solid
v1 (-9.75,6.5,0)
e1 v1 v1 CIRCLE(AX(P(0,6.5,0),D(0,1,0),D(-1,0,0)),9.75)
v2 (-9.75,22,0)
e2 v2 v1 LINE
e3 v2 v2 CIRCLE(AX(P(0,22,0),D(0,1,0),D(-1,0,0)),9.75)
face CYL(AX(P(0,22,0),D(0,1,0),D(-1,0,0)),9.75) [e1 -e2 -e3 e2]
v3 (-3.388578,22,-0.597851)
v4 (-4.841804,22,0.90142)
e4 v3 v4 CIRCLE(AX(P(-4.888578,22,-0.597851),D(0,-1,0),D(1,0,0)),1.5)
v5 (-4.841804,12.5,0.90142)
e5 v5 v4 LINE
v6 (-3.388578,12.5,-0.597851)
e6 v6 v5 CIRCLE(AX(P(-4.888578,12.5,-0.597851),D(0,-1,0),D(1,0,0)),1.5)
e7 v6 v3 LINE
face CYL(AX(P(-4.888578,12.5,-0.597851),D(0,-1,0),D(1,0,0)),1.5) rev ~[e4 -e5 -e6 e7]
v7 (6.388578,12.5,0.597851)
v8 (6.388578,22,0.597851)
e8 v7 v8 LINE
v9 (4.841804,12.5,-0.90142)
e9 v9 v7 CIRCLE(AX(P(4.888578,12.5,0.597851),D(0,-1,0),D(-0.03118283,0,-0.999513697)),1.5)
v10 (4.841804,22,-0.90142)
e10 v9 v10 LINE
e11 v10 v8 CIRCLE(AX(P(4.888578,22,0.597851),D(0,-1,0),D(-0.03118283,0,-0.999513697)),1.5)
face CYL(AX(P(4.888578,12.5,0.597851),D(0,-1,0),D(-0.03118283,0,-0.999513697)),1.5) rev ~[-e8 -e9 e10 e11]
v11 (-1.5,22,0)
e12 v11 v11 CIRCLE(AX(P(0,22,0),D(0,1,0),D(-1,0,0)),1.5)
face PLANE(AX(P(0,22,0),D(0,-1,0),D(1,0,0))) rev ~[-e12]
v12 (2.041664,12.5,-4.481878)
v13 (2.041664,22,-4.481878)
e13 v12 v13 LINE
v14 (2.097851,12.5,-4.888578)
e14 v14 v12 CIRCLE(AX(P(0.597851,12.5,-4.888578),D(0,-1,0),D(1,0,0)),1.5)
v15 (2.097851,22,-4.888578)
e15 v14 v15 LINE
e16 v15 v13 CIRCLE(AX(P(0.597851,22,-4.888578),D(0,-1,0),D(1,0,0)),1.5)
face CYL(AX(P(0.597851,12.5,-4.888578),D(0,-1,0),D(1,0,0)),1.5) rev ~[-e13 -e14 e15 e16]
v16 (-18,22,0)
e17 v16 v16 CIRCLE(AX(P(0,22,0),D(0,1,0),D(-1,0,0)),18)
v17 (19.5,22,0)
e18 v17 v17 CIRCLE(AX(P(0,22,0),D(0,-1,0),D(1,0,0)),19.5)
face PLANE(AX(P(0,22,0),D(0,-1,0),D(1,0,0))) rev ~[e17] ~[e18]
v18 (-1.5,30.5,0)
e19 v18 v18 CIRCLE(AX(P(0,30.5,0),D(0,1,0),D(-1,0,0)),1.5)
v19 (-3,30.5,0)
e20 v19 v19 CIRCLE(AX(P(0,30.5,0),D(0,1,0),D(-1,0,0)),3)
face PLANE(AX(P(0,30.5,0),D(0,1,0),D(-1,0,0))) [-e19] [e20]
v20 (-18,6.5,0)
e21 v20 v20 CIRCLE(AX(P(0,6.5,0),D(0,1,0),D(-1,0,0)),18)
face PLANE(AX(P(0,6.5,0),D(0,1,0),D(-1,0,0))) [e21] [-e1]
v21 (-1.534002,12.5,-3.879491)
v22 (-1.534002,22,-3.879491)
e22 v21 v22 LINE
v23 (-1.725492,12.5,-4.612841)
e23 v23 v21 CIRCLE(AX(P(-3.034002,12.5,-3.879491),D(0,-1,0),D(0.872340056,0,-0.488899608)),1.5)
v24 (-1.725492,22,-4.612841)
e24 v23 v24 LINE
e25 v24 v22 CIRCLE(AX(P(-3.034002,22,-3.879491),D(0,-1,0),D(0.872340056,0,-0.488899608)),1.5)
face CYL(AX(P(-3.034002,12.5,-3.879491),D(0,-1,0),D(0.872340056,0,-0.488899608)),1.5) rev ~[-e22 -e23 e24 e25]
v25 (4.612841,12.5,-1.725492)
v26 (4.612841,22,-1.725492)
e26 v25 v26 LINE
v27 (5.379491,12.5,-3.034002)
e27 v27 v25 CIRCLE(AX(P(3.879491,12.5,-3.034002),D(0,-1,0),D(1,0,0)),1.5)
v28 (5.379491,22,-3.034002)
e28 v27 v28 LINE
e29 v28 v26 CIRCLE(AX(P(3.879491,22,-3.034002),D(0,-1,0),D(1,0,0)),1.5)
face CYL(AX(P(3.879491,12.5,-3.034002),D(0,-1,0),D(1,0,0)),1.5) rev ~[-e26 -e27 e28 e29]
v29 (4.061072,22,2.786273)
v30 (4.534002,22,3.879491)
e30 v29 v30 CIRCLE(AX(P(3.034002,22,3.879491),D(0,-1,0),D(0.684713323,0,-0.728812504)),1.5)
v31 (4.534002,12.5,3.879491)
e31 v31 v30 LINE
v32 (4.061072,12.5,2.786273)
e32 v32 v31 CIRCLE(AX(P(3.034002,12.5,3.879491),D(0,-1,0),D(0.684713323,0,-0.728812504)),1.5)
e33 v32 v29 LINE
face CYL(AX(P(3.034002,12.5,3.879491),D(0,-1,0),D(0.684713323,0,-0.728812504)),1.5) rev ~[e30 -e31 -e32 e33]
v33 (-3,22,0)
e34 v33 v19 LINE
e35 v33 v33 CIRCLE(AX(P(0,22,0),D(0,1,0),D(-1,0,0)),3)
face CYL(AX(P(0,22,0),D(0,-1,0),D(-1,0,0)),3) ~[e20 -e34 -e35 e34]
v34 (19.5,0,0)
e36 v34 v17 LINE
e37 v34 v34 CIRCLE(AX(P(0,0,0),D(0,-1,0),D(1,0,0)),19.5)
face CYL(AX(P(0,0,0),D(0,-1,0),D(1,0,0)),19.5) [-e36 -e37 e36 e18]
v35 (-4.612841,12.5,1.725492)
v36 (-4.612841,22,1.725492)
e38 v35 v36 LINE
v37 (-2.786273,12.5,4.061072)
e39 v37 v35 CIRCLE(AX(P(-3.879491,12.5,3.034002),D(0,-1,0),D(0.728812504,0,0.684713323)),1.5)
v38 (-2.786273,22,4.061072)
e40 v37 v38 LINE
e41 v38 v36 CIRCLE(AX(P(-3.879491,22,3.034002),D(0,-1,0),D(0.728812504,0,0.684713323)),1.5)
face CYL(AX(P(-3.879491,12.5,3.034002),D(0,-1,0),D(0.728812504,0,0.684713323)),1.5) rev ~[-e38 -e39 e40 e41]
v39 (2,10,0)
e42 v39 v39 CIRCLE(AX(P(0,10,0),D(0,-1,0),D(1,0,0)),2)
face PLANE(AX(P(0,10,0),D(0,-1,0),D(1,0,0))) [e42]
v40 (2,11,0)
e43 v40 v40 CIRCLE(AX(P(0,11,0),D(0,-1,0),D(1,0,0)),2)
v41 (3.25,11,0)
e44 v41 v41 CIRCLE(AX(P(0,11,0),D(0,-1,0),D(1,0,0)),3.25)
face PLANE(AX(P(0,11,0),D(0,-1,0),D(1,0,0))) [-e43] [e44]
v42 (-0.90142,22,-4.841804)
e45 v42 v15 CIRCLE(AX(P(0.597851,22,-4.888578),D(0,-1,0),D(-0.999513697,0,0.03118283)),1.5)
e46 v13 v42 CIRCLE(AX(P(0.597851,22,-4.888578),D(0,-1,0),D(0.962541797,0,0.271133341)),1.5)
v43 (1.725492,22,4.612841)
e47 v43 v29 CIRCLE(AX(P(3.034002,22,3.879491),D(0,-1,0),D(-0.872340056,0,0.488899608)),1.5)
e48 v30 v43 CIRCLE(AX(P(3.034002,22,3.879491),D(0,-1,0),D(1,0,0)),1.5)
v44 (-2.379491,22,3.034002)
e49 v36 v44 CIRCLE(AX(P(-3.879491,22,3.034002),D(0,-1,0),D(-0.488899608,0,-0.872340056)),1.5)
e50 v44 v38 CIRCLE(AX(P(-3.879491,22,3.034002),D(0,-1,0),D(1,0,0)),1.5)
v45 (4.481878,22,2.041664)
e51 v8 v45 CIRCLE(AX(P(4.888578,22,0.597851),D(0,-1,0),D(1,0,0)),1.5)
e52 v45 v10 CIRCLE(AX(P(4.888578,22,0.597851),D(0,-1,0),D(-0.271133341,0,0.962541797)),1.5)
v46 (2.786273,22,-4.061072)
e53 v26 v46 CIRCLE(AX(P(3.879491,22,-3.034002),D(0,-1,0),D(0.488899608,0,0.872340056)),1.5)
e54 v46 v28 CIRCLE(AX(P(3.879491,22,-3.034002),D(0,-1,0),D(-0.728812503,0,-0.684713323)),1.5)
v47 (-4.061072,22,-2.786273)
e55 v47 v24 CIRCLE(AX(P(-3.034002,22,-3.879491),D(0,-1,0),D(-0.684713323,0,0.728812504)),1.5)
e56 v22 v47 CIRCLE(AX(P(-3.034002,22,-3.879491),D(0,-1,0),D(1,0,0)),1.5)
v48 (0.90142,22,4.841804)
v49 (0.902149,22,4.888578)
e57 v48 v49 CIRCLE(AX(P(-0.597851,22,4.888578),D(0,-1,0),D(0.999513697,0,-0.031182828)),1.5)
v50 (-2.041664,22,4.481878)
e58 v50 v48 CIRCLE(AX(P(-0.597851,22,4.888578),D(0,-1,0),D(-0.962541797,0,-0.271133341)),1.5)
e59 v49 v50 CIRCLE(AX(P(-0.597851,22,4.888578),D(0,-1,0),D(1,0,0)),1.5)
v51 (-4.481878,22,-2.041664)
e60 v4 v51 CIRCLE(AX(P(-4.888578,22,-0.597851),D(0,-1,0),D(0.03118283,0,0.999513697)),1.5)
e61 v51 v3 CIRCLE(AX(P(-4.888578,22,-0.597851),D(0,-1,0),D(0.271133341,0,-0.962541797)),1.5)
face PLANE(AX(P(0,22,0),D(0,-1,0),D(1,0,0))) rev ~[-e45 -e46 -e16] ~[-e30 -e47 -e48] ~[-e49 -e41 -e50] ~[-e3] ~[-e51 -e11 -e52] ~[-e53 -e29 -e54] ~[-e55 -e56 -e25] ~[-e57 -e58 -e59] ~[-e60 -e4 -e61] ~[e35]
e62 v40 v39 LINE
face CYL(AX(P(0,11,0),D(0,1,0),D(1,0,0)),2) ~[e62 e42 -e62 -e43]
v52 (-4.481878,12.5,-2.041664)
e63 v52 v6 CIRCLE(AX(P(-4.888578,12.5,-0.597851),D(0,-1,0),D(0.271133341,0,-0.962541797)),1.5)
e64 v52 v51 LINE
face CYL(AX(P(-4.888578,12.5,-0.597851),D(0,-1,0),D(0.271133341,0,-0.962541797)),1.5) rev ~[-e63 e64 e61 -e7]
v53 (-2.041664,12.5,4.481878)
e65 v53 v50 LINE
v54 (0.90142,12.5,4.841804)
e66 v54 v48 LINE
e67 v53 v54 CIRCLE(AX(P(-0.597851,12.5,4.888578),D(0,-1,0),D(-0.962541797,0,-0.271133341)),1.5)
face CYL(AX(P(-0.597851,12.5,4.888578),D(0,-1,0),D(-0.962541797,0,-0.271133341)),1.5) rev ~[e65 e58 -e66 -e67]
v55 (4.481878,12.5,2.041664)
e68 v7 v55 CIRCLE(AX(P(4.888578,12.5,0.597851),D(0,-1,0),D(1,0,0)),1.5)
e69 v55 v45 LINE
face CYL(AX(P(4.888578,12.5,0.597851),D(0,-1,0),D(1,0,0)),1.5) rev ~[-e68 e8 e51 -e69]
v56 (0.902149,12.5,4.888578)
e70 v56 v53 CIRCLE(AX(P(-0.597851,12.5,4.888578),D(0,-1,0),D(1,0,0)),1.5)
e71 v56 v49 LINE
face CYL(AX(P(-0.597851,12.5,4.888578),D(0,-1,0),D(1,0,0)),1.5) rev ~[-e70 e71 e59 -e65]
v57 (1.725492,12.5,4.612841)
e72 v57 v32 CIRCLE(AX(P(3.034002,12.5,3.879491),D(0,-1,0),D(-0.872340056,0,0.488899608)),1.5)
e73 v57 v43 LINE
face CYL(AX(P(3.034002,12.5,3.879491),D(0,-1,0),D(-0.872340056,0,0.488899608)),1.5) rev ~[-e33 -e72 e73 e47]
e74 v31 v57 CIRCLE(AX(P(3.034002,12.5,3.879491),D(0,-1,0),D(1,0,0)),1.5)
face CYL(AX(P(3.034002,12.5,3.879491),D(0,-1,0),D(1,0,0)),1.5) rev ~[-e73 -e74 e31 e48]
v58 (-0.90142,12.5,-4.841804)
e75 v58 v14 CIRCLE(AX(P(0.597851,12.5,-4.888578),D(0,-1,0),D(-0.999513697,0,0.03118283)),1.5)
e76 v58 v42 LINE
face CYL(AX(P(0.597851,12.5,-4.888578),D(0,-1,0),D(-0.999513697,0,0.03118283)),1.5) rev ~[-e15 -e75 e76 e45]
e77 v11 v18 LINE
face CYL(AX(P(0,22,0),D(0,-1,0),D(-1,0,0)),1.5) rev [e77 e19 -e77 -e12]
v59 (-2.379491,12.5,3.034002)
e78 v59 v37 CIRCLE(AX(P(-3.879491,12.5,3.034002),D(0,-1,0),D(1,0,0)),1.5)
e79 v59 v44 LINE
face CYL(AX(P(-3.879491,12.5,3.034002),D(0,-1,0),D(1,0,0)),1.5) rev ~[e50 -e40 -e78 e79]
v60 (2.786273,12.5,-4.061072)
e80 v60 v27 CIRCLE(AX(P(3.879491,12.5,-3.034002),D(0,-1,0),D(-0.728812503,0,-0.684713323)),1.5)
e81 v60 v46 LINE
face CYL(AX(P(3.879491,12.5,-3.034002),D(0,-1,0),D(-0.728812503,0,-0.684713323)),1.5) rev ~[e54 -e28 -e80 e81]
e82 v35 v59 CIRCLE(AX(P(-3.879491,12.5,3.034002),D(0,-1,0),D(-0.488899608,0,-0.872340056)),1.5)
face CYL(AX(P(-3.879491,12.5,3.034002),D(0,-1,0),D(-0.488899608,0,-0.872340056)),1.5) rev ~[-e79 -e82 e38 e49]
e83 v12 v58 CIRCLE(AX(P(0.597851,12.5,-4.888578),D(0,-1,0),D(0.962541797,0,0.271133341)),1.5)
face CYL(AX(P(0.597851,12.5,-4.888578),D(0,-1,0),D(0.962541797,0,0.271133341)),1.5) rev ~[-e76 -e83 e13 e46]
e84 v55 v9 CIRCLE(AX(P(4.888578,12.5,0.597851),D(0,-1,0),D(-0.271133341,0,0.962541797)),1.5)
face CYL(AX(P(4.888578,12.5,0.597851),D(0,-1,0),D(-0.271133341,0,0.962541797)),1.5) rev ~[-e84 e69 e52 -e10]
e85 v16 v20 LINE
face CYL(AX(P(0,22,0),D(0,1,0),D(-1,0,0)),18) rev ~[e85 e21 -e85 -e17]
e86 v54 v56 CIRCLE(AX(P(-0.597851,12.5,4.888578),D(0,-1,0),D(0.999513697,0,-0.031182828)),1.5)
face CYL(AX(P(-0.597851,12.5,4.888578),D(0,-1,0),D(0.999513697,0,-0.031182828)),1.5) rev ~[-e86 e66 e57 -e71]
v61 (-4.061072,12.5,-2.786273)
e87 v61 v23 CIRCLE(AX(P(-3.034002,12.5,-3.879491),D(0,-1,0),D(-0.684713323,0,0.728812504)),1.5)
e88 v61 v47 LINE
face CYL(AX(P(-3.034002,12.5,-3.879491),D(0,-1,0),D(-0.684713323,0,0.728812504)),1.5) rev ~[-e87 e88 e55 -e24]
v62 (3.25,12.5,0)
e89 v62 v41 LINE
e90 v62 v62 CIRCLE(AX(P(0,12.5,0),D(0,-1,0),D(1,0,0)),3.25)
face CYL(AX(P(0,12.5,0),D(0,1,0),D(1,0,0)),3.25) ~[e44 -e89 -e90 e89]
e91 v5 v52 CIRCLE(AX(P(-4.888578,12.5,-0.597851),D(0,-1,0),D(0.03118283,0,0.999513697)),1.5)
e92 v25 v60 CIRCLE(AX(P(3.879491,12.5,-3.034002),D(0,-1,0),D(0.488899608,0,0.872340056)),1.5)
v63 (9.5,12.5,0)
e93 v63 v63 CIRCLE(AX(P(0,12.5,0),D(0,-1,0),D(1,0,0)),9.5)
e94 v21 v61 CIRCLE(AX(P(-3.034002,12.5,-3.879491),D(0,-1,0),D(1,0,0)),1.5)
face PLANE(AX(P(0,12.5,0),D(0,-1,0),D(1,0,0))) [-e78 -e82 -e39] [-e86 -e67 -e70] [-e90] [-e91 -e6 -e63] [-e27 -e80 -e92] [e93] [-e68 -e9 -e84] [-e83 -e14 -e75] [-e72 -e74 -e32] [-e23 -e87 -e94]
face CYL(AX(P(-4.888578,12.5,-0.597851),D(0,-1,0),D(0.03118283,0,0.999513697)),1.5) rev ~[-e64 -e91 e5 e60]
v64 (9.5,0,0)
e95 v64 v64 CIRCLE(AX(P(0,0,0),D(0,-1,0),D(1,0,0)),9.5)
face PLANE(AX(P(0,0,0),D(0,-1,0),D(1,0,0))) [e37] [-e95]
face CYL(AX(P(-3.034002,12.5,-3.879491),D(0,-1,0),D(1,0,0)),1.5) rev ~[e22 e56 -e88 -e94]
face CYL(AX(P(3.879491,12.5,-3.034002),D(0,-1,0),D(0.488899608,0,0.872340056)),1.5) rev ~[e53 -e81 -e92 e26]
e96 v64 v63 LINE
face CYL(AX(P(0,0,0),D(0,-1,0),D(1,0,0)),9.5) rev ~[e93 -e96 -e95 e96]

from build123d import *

# Parameters (mm, degrees)
F0_R      = 19.5
F0_R_2    = 9.5
F1_DEPTH  = 22
F2_DEPTH  = 12.5
F4_DEPTH  = 25.4
F5_R      = 3
F5_R_2    = 1.5
F6_DEPTH  = 8.5
F7_R      = 18
F7_R_2    = 9.75
F8_DEPTH  = 15.5
F9_R      = 3.25
F10_DEPTH = 1.5
F11_R     = 2
F12_DEPTH = 1


with BuildPart() as f1:
    # F0 (on Front) → F1 (new body)
    with BuildSketch(Plane.XZ):
        Circle(F0_R)
        Circle(F0_R_2, mode=Mode.SUBTRACT)
        Circle(F0_R_2)
    extrude(amount=-F1_DEPTH)

    # F0 (on Front) → F2 (cut)
    with BuildSketch(Plane.XZ):
        Circle(F0_R_2)
    extrude(amount=-F2_DEPTH, mode=Mode.SUBTRACT)

    # F3 (on face) → F4 (cut)
    with BuildSketch(Plane.XZ.offset(-12.5)):
        with BuildLine():
            ThreePointArc((1.725492364, 4.6128408927), (2.1099407886, 2.6979204712), (4.0610724324, 2.7862727252))
            ThreePointArc((4.0610724324, 2.7862727252), (3.0340024478, 3.8794914804), (1.725492364, 4.6128408927))
        make_face()
        with BuildLine():
            ThreePointArc((1.725492364, 4.6128408927), (3.0340024478, 3.8794914804), (4.0610724324, 2.7862727252))
            ThreePointArc((4.0610724324, 2.7862727252), (4.410702302, 3.2839266128), (4.5340024478, 3.8794914804))
            ThreePointArc((4.5340024478, 3.8794914804), (3.412971361, 5.3308296777), (1.725492364, 4.6128408927))
        make_face()
        with BuildLine():
            ThreePointArc((-2.0416637243, 4.4818784273), (-0.4157644207, 3.3996712998), (0.9014195176, 4.841804194))
            ThreePointArc((0.9014195176, 4.841804194), (-0.5978510284, 4.8885784383), (-2.0416637243, 4.4818784273))
        make_face()
        with BuildLine():
            ThreePointArc((-2.0416637243, 4.4818784273), (-0.5978510284, 4.8885784383), (0.9014195176, 4.841804194))
            ThreePointArc((0.9014195176, 4.841804194), (0.901966597, 4.8651884724), (0.9021489716, 4.8885784383))
            ThreePointArc((0.9021489716, 4.8885784383), (-0.8031324889, 6.374465218), (-2.0416637243, 4.4818784273))
        make_face()
        with BuildLine():
            ThreePointArc((-2.3794914804, 3.0340024478), (-2.4848897213, 3.5863482938), (-2.7862727252, 4.0610724324))
            ThreePointArc((-2.7862727252, 4.0610724324), (-3.8794914804, 3.0340024478), (-4.6128408927, 1.725492364))
            ThreePointArc((-4.6128408927, 1.725492364), (-3.1212118877, 1.7397798784), (-2.3794914804, 3.0340024478))
        make_face()
        with BuildLine():
            ThreePointArc((-4.6128408927, 1.725492364), (-3.8794914804, 3.0340024478), (-2.7862727252, 4.0610724324))
            ThreePointArc((-2.7862727252, 4.0610724324), (-5.0610624897, 3.9580641071), (-4.6128408927, 1.725492364))
        make_face()
        with BuildLine():
            ThreePointArc((-3.3885784383, -0.5978510284), (-3.8115080213, 0.4461409815), (-4.841804194, 0.9014195176))
            ThreePointArc((-4.841804194, 0.9014195176), (-4.8885784383, -0.5978510284), (-4.4818784273, -2.0416637243))
            ThreePointArc((-4.4818784273, -2.0416637243), (-3.6927419076, -1.5033757335), (-3.3885784383, -0.5978510284))
        make_face()
        with BuildLine():
            ThreePointArc((-4.4818784273, -2.0416637243), (-4.8885784383, -0.5978510284), (-4.841804194, 0.9014195176))
            ThreePointArc((-4.841804194, 0.9014195176), (-6.3774855769, -0.779937636), (-4.4818784273, -2.0416637243))
        make_face()
        with BuildLine():
            ThreePointArc((-4.0610724324, -2.7862727252), (-3.0340024478, -3.8794914804), (-1.725492364, -4.6128408927))
            ThreePointArc((-1.725492364, -4.6128408927), (-1.5826642505, -4.2584603936), (-1.5340024478, -3.8794914804))
            ThreePointArc((-1.5340024478, -3.8794914804), (-2.4384375802, -2.5027916263), (-4.0610724324, -2.7862727252))
        make_face()
        with BuildLine():
            ThreePointArc((-4.0610724324, -2.7862727252), (-3.9580641071, -5.0610624897), (-1.725492364, -4.6128408927))
            ThreePointArc((-1.725492364, -4.6128408927), (-3.0340024478, -3.8794914804), (-4.0610724324, -2.7862727252))
        make_face()
        with BuildLine():
            ThreePointArc((-0.9014195176, -4.841804194), (0.5978510284, -4.8885784383), (2.0416637243, -4.4818784273))
            ThreePointArc((2.0416637243, -4.4818784273), (0.4157644207, -3.3996712998), (-0.9014195176, -4.841804194))
        make_face()
        with BuildLine():
            ThreePointArc((2.0978510284, -4.8885784383), (2.083737808, -4.6832969778), (2.0416637243, -4.4818784273))
            ThreePointArc((2.0416637243, -4.4818784273), (0.5978510284, -4.8885784383), (-0.9014195176, -4.841804194))
            ThreePointArc((-0.9014195176, -4.841804194), (0.5744610624, -6.3883960638), (2.0978510284, -4.8885784383))
        make_face()
        with BuildLine():
            ThreePointArc((2.7862727252, -4.0610724324), (3.8794914804, -3.0340024478), (4.6128408927, -1.725492364))
            ThreePointArc((4.6128408927, -1.725492364), (2.6979204712, -2.1099407886), (2.7862727252, -4.0610724324))
        make_face()
        with BuildLine():
            ThreePointArc((5.3794914804, -3.0340024478), (5.1737140499, -2.2757228551), (4.6128408927, -1.725492364))
            ThreePointArc((4.6128408927, -1.725492364), (3.8794914804, -3.0340024478), (2.7862727252, -4.0610724324))
            ThreePointArc((2.7862727252, -4.0610724324), (4.4318373264, -4.4286042069), (5.3794914804, -3.0340024478))
        make_face()
        with BuildLine():
            ThreePointArc((4.841804194, -0.9014195176), (4.9041569436, -0.4526253111), (4.925, 0))
            ThreePointArc((4.925, 0), (4.8129448498, 1.0445989053), (4.4818784273, 2.0416637243))
            ThreePointArc((4.4818784273, 2.0416637243), (3.3996712998, 0.4157644207), (4.841804194, -0.9014195176))
        make_face()
        with BuildLine():
            ThreePointArc((4.4818784273, 2.0416637243), (4.8129448498, 1.0445989053), (4.925, 0))
            ThreePointArc((4.925, 0), (4.9041569436, -0.4526253111), (4.841804194, -0.9014195176))
            ThreePointArc((4.841804194, -0.9014195176), (5.9325704483, -0.4792193887), (6.3885784383, 0.5978510284))
            ThreePointArc((6.3885784383, 0.5978510284), (5.7941031435, 1.7936875591), (4.4818784273, 2.0416637243))
        make_face()
    extrude(amount=-F4_DEPTH, mode=Mode.SUBTRACT)

    # F5 (on face) → F6 (join)
    with BuildSketch(Plane(origin=(0, 22, 0), x_dir=(-1, 0, 0), z_dir=(0, 1, 0))):
        Circle(F5_R)
        Circle(F5_R_2, mode=Mode.SUBTRACT)
    extrude(amount=F6_DEPTH)

    # F7 (on face) → F8 (cut)
    with BuildSketch(Plane(origin=(0, 22, 0), x_dir=(-1, 0, 0), z_dir=(0, 1, 0))):
        Circle(F7_R)
        Circle(F7_R_2, mode=Mode.SUBTRACT)
    extrude(amount=-F8_DEPTH, mode=Mode.SUBTRACT)

    # F9 (on face) → F10 (join)
    with BuildSketch(Plane.XZ.offset(-12.5)):
        Circle(F9_R)
    extrude(amount=F10_DEPTH)

    # F11 (on face) → F12 (join)
    with BuildSketch(Plane.XZ.offset(-11)):
        Circle(F11_R)
    extrude(amount=F12_DEPTH)


solid = f1.part
